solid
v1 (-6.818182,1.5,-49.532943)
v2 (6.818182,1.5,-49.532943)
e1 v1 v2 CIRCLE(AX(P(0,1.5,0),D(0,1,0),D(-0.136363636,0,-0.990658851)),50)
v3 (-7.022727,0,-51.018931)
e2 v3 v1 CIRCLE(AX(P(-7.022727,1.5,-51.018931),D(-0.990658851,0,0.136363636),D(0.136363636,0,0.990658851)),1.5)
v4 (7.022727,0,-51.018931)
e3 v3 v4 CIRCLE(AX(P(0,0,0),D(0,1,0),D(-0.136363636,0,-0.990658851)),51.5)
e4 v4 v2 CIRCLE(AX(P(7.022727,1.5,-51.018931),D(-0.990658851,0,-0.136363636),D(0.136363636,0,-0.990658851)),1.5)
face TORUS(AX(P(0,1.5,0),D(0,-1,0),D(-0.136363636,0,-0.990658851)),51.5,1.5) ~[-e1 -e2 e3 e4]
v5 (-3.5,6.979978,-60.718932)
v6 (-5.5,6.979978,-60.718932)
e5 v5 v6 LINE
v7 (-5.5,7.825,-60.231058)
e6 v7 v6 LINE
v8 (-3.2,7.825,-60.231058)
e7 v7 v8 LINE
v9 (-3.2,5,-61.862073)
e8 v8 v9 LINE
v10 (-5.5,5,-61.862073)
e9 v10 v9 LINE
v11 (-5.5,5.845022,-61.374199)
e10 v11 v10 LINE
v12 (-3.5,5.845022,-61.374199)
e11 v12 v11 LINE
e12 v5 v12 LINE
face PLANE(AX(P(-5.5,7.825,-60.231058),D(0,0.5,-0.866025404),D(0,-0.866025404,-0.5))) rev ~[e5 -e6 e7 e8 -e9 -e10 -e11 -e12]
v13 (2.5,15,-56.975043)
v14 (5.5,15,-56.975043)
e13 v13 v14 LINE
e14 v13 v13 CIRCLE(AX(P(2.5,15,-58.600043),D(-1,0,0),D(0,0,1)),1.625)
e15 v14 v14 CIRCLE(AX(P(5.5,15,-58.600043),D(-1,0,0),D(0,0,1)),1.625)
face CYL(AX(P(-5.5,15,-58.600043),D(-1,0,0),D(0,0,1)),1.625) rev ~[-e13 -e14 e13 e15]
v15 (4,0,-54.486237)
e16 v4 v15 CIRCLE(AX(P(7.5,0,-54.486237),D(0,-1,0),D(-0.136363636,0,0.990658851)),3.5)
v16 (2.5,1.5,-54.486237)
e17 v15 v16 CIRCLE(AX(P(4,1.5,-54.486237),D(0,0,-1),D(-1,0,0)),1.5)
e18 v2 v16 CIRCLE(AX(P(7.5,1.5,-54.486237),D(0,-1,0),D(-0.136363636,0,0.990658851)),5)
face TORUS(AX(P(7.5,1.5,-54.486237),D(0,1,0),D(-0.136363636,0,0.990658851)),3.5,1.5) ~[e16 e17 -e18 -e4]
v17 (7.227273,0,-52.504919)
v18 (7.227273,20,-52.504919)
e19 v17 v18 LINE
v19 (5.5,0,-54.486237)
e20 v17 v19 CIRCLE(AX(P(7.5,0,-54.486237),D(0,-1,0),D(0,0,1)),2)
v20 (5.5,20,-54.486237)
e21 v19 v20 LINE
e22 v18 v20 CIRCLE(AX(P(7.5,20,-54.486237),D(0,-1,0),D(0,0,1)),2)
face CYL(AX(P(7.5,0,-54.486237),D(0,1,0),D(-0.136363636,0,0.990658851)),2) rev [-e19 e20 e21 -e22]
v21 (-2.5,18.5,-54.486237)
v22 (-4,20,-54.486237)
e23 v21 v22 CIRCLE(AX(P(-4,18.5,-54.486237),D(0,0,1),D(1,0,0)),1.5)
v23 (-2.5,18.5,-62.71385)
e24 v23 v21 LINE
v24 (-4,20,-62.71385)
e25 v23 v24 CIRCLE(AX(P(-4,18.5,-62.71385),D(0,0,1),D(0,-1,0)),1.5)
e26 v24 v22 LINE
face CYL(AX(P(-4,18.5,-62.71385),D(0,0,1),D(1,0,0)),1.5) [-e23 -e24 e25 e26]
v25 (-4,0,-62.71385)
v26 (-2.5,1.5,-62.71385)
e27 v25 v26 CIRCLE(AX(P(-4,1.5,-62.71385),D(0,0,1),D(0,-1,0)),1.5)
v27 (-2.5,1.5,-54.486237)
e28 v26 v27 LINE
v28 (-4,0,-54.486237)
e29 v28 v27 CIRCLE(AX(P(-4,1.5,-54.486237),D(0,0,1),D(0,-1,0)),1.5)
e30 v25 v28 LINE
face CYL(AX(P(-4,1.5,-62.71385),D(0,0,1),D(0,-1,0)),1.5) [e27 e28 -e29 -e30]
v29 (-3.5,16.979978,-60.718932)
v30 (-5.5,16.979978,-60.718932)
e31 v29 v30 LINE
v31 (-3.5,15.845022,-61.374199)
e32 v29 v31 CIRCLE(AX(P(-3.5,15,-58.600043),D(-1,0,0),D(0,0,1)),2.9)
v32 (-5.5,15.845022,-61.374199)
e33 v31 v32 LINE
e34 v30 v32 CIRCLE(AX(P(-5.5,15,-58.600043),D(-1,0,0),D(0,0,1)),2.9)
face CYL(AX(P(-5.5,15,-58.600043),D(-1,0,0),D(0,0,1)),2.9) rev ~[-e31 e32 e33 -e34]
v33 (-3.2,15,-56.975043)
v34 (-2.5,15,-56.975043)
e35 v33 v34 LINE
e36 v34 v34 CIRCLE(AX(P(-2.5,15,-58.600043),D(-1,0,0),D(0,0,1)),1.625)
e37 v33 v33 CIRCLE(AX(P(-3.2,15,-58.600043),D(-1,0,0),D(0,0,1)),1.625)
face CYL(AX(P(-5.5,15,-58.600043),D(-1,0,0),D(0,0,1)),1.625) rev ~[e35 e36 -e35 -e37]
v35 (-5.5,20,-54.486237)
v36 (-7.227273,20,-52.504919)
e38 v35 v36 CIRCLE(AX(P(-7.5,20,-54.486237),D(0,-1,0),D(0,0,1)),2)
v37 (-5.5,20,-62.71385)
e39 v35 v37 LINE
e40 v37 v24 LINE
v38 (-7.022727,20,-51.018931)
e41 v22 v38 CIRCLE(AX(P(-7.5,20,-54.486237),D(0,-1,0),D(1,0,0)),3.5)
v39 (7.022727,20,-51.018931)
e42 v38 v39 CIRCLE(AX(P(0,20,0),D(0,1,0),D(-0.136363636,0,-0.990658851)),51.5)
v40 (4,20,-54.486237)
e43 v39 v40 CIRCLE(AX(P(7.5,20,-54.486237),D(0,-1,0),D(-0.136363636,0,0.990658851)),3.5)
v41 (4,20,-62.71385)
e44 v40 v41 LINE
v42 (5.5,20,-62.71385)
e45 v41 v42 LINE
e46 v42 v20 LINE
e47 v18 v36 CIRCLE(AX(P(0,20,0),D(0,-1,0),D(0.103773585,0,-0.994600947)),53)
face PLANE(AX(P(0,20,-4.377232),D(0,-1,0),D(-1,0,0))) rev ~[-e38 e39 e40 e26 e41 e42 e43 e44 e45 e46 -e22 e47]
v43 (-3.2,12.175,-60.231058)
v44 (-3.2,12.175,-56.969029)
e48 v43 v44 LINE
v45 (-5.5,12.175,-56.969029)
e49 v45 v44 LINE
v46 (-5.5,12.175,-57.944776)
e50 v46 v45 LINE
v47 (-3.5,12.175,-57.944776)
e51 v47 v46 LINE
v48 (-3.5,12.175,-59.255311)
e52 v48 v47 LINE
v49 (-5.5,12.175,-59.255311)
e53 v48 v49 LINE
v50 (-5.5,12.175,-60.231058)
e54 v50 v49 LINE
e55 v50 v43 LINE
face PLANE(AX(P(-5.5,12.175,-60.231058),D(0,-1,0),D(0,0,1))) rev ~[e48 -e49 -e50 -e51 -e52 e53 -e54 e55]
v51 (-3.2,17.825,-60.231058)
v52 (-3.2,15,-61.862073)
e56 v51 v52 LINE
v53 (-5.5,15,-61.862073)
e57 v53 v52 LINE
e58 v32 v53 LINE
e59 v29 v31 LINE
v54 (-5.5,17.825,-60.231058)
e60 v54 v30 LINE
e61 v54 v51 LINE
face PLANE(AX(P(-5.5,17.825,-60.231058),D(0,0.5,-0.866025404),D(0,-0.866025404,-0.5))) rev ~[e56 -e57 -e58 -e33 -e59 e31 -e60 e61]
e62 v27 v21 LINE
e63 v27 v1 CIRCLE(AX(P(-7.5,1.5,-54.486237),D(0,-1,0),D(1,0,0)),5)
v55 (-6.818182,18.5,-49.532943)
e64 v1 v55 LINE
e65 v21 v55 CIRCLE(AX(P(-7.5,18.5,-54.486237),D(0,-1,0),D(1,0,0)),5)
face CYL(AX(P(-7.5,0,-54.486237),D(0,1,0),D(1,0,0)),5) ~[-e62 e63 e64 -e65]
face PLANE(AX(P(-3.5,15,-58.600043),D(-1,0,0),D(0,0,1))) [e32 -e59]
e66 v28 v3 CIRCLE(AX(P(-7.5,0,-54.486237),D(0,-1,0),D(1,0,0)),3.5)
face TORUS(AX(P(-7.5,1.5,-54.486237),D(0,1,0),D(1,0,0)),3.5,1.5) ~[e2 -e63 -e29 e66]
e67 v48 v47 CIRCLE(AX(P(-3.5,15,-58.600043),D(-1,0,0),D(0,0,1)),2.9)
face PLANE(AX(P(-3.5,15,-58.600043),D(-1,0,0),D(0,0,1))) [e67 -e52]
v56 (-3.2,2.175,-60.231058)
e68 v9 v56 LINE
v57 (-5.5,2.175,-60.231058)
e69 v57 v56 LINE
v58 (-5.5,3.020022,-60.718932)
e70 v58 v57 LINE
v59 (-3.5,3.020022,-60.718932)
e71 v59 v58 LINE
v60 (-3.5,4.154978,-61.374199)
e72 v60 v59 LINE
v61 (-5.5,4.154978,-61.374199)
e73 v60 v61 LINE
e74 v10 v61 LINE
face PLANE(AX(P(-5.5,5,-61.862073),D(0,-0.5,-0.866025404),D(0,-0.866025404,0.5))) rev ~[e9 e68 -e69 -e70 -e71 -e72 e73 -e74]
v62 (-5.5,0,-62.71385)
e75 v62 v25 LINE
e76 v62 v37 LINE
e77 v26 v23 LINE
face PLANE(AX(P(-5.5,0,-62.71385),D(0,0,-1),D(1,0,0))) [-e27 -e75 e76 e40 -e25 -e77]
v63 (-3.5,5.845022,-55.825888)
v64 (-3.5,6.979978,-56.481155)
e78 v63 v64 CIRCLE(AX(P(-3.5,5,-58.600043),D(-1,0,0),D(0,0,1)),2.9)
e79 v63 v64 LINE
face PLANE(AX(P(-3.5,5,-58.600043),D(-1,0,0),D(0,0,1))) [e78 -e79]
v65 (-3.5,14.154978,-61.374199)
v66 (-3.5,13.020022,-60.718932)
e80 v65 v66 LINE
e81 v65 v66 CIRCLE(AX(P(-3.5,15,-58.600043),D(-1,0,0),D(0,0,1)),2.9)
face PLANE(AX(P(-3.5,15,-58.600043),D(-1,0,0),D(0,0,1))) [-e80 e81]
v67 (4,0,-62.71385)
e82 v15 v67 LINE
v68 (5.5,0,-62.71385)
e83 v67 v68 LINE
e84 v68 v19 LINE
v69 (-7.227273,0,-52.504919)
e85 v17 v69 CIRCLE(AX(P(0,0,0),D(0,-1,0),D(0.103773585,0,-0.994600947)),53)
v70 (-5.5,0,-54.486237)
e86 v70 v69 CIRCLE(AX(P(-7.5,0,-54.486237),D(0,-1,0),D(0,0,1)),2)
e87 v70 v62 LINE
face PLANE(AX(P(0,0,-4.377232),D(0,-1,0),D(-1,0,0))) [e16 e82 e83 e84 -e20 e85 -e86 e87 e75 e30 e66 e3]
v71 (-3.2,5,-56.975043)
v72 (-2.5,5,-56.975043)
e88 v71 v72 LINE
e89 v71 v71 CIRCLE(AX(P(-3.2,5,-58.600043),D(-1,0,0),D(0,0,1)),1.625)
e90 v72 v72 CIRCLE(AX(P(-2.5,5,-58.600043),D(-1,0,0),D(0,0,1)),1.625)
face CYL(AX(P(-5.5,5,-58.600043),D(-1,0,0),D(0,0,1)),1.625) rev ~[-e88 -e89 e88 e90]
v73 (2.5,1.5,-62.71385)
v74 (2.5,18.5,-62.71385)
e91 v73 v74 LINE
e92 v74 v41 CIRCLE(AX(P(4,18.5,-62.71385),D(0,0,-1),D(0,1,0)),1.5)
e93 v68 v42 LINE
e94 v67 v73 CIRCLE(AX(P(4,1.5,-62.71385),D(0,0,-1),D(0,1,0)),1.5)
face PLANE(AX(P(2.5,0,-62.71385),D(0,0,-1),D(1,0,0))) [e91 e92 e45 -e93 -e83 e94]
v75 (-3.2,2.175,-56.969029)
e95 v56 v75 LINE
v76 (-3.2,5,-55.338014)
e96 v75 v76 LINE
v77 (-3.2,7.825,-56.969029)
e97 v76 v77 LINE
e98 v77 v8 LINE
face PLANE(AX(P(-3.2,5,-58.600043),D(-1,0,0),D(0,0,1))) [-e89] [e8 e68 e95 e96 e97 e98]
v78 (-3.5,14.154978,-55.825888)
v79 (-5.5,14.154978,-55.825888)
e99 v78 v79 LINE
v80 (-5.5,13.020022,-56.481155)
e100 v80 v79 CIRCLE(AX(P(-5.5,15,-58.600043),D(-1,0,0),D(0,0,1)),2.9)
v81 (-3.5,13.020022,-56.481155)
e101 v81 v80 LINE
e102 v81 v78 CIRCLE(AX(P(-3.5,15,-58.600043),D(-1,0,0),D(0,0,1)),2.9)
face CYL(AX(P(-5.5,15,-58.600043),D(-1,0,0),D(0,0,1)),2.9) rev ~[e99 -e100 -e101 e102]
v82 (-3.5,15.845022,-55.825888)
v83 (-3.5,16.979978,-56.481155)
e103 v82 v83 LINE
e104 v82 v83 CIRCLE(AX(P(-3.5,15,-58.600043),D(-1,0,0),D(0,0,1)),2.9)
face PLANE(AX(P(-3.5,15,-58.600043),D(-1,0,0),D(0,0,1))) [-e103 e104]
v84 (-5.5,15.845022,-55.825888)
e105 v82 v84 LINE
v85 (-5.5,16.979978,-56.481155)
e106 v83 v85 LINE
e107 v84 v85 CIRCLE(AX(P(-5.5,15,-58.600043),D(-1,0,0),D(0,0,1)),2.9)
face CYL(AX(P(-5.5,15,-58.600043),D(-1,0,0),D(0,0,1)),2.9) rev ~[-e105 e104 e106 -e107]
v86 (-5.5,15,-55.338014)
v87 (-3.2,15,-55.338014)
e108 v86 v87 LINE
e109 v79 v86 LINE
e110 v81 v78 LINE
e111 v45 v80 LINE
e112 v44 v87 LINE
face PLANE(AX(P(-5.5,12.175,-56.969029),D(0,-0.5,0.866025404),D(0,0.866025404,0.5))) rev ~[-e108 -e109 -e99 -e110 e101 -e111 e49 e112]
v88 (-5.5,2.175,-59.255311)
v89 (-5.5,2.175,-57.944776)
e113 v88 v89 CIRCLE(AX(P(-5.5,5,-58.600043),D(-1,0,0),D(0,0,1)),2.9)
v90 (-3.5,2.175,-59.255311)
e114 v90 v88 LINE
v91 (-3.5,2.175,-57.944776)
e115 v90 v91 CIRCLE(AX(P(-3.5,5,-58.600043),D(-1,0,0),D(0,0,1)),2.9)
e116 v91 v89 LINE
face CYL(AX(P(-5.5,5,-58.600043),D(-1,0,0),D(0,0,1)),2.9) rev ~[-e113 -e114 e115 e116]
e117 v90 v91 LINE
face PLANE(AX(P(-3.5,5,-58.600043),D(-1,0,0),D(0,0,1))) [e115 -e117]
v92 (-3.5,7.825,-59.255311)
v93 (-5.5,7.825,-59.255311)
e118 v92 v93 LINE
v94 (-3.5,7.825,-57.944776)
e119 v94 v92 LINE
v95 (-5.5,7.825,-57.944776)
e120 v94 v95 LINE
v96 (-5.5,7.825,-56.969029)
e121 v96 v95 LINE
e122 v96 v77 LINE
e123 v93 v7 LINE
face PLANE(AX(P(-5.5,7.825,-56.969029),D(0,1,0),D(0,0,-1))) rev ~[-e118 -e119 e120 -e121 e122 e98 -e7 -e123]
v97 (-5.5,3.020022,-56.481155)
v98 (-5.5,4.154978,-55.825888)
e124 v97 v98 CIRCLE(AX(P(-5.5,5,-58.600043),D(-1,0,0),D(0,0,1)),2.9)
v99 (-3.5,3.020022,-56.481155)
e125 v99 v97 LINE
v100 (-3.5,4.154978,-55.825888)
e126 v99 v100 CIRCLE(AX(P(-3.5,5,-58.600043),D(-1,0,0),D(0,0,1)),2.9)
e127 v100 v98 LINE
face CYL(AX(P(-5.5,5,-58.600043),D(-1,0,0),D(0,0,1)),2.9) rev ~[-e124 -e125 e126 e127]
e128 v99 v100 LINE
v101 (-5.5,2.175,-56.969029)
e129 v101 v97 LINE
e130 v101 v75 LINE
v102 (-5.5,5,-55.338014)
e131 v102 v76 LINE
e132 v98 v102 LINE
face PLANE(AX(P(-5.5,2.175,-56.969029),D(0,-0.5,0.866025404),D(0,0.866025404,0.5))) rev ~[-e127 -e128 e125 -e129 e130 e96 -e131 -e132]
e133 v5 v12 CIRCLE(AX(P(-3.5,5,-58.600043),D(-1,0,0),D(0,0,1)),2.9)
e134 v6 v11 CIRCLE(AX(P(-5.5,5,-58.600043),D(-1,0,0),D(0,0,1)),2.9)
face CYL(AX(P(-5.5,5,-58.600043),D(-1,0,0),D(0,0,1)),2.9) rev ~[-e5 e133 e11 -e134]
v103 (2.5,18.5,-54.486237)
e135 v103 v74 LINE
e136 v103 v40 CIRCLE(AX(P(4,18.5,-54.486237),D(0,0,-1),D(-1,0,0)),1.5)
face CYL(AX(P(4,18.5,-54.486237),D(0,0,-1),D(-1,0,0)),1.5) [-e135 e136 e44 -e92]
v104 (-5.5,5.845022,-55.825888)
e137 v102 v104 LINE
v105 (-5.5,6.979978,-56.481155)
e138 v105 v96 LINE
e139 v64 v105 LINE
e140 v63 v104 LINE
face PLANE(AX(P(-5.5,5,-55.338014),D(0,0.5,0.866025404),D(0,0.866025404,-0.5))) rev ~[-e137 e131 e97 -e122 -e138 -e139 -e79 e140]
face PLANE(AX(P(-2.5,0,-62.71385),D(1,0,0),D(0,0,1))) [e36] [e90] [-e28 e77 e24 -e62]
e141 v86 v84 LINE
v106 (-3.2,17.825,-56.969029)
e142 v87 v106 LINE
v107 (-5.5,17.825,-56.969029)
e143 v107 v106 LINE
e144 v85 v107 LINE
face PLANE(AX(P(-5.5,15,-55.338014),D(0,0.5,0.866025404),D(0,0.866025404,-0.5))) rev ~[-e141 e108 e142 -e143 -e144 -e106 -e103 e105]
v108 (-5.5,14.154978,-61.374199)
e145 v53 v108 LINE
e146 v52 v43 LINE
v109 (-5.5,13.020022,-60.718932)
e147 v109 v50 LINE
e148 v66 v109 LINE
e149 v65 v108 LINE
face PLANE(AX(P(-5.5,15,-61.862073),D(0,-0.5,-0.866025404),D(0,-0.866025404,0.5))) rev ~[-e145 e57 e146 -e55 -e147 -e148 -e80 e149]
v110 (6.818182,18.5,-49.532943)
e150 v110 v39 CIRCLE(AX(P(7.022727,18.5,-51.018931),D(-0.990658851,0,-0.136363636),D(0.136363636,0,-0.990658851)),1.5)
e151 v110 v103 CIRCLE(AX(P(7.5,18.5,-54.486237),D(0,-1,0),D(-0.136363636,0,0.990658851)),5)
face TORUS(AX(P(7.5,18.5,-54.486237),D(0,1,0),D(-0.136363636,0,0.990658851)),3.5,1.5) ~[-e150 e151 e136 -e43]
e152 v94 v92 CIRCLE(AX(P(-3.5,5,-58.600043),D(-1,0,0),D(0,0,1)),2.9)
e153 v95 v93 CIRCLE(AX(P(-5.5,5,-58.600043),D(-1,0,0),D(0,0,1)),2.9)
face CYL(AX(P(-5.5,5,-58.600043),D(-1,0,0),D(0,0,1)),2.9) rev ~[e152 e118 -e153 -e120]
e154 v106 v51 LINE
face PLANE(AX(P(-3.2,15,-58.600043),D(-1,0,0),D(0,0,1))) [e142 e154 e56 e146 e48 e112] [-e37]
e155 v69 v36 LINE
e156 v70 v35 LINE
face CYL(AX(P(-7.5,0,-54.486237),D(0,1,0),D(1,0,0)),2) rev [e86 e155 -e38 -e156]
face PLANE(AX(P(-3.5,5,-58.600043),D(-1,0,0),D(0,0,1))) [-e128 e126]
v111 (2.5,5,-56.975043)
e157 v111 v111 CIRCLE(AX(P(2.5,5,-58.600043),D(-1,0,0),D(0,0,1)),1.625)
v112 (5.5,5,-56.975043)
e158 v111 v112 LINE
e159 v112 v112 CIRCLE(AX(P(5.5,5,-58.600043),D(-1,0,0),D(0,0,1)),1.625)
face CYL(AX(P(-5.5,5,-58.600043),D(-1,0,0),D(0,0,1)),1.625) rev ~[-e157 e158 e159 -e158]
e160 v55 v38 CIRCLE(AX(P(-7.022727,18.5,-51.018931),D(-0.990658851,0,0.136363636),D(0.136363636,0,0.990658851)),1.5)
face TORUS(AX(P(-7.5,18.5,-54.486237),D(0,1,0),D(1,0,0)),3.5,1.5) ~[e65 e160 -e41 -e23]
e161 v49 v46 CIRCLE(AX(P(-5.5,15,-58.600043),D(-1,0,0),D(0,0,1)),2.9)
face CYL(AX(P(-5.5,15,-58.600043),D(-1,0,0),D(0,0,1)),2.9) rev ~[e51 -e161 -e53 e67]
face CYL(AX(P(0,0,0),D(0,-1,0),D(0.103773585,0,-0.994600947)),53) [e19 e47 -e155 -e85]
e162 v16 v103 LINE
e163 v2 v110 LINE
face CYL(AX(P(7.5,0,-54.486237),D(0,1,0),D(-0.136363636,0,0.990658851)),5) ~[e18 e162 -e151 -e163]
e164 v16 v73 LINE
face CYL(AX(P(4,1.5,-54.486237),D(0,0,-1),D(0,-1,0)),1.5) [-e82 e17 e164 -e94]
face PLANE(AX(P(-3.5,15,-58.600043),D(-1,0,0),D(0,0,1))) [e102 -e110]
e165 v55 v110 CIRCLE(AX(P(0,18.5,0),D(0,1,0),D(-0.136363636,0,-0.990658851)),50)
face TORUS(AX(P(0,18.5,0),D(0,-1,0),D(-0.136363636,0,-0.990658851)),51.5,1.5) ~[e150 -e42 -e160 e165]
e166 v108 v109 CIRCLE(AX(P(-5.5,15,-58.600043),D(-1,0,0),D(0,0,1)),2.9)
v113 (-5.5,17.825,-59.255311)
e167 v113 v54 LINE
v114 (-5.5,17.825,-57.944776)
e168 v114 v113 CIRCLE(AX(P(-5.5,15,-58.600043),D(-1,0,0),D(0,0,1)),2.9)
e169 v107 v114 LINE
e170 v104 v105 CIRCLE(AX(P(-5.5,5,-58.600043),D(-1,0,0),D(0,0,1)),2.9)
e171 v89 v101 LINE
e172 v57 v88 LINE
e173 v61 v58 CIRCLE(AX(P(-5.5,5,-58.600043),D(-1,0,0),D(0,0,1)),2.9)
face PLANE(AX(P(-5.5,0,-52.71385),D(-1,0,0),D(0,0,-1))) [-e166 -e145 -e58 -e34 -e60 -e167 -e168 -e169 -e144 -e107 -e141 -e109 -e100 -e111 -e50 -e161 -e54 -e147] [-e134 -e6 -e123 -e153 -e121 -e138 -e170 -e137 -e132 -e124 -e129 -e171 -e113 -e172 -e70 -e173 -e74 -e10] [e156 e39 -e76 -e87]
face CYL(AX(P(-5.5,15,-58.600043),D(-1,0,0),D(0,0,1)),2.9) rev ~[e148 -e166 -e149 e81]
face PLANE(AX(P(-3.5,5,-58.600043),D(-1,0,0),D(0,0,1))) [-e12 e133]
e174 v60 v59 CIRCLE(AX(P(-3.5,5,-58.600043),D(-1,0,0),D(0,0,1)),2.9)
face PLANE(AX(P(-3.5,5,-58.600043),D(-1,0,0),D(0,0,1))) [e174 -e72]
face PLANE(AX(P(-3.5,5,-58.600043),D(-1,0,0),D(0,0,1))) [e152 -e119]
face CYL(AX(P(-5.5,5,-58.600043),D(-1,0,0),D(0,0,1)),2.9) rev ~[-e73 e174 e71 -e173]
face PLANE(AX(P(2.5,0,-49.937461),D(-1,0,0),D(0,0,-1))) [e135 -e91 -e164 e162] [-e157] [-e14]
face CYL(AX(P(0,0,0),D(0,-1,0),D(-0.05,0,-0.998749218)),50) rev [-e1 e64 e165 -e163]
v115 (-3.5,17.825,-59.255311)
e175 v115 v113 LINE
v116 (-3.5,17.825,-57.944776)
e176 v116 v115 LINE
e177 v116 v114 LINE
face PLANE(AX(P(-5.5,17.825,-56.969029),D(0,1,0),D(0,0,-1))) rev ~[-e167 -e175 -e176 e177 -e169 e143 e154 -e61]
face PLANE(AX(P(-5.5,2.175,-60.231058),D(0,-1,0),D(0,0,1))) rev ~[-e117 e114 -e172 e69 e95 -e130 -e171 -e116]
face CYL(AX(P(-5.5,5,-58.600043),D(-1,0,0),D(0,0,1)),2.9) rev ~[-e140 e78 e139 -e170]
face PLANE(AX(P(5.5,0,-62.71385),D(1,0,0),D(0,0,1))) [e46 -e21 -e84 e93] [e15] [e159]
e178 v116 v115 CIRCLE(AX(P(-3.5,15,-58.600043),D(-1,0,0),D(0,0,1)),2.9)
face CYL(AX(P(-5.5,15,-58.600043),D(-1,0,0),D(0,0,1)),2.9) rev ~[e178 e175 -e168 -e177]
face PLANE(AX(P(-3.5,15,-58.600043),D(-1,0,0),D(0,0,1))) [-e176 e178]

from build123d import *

# Parameters (mm, degrees)
BOSS_EXTRUDE1_DEPTH = 20
FILLET1_R           = 5
FILLET2_R           = 2
FILLET3_R           = 1.5
SKETCH4_R           = 2.9
CUT_EXTRUDE3_DEPTH  = 2
SKETCH5_R           = 1.625
CUT_EXTRUDE4_DEPTH  = 89.064050596
CUT_EXTRUDE5_DEPTH  = 2.3


with BuildPart() as part:
    # Sketch1 → Boss-Extrude1 (new body)
    with BuildSketch(Plane(origin=(0, 0, 0), x_dir=(1, 0, 0), z_dir=(0, 1, 0))):
        with BuildLine():
            Line((2.5, 62.713850172), (5.5, 62.713850172))
            Line((5.5, 62.713850172), (5.5, 52.713850172))
            ThreePointArc((5.5, 52.713850172), (0, -53), (-5.5, 52.713850172))
            Line((-5.5, 52.713850172), (-5.5, 62.713850172))
            Line((-5.5, 62.713850172), (-2.5, 62.713850172))
            Line((-2.5, 62.713850172), (-2.5, 49.937460889))
            ThreePointArc((-2.5, 49.937460889), (0, -50), (2.5, 49.937460889))
            Line((2.5, 49.937460889), (2.5, 62.713850172))
        make_face()
    extrude(amount=BOSS_EXTRUDE1_DEPTH)

    # Fillet1
    fillet1_edges = [part.edges().sort_by_distance(p)[0] for p in [
        (-2.5, 10, -49.937460889),
        (2.5, 10, -49.937460889),
    ]]
    fillet(fillet1_edges, radius=FILLET1_R)

    # Fillet2
    fillet2_edges = [part.edges().sort_by_distance(p)[0] for p in [
        (5.5, 10, -52.713850172),
        (-5.5, 10, -52.713850172),
    ]]
    fillet(fillet2_edges, radius=FILLET2_R)

    # Fillet3
    fillet3_edges = [part.edges().sort_by_distance(p)[0] for p in [
        (2.5, 0, -58.600043483),
        (0, 0, 50),
        (0, 20, 50),
        (-2.5, 0, -58.600043483),
        (-3.731108193, 0, -51.200593091),
        (3.731108193, 0, -51.200593091),
        (-2.5, 20, -58.600043483),
        (-3.731108193, 20, -51.200593091),
        (3.731108193, 20, -51.200593091),
        (2.5, 20, -58.600043483),
    ]]
    fillet(fillet3_edges, radius=FILLET3_R)

    # Sketch4 → Cut-Extrude3 (cut)
    with BuildSketch(Plane.ZY.offset(5.5)):
        with Locations((-58.600043483, 15)):
            Circle(SKETCH4_R)
        with Locations((-58.600043483, 5)):
            Circle(SKETCH4_R)
    extrude(amount=-CUT_EXTRUDE3_DEPTH, mode=Mode.SUBTRACT)

    # Sketch5 → Cut-Extrude4 (cut, through all)
    with BuildSketch(Plane.ZY.offset(5.5)):
        with Locations((-58.600043483, 15)):
            Circle(SKETCH5_R)
        with Locations((-58.600043483, 5)):
            Circle(SKETCH5_R)
    extrude(amount=-CUT_EXTRUDE4_DEPTH, mode=Mode.SUBTRACT)

    # Sketch6 → Cut-Extrude5 (cut)
    with BuildSketch(Plane.ZY.offset(5.5)):
        Polygon((-55.338014462, 15), (-56.969028973, 17.825), (-60.231057994, 17.825), (-61.862072504, 15), (-60.231057994, 12.175), (-56.969028973, 12.175), align=None)
        Polygon((-55.338014462, 5), (-56.969028973, 7.825), (-60.231057994, 7.825), (-61.862072504, 5), (-60.231057994, 2.175), (-56.969028973, 2.175), align=None)
    extrude(amount=-CUT_EXTRUDE5_DEPTH, mode=Mode.SUBTRACT)


solid = part.part
